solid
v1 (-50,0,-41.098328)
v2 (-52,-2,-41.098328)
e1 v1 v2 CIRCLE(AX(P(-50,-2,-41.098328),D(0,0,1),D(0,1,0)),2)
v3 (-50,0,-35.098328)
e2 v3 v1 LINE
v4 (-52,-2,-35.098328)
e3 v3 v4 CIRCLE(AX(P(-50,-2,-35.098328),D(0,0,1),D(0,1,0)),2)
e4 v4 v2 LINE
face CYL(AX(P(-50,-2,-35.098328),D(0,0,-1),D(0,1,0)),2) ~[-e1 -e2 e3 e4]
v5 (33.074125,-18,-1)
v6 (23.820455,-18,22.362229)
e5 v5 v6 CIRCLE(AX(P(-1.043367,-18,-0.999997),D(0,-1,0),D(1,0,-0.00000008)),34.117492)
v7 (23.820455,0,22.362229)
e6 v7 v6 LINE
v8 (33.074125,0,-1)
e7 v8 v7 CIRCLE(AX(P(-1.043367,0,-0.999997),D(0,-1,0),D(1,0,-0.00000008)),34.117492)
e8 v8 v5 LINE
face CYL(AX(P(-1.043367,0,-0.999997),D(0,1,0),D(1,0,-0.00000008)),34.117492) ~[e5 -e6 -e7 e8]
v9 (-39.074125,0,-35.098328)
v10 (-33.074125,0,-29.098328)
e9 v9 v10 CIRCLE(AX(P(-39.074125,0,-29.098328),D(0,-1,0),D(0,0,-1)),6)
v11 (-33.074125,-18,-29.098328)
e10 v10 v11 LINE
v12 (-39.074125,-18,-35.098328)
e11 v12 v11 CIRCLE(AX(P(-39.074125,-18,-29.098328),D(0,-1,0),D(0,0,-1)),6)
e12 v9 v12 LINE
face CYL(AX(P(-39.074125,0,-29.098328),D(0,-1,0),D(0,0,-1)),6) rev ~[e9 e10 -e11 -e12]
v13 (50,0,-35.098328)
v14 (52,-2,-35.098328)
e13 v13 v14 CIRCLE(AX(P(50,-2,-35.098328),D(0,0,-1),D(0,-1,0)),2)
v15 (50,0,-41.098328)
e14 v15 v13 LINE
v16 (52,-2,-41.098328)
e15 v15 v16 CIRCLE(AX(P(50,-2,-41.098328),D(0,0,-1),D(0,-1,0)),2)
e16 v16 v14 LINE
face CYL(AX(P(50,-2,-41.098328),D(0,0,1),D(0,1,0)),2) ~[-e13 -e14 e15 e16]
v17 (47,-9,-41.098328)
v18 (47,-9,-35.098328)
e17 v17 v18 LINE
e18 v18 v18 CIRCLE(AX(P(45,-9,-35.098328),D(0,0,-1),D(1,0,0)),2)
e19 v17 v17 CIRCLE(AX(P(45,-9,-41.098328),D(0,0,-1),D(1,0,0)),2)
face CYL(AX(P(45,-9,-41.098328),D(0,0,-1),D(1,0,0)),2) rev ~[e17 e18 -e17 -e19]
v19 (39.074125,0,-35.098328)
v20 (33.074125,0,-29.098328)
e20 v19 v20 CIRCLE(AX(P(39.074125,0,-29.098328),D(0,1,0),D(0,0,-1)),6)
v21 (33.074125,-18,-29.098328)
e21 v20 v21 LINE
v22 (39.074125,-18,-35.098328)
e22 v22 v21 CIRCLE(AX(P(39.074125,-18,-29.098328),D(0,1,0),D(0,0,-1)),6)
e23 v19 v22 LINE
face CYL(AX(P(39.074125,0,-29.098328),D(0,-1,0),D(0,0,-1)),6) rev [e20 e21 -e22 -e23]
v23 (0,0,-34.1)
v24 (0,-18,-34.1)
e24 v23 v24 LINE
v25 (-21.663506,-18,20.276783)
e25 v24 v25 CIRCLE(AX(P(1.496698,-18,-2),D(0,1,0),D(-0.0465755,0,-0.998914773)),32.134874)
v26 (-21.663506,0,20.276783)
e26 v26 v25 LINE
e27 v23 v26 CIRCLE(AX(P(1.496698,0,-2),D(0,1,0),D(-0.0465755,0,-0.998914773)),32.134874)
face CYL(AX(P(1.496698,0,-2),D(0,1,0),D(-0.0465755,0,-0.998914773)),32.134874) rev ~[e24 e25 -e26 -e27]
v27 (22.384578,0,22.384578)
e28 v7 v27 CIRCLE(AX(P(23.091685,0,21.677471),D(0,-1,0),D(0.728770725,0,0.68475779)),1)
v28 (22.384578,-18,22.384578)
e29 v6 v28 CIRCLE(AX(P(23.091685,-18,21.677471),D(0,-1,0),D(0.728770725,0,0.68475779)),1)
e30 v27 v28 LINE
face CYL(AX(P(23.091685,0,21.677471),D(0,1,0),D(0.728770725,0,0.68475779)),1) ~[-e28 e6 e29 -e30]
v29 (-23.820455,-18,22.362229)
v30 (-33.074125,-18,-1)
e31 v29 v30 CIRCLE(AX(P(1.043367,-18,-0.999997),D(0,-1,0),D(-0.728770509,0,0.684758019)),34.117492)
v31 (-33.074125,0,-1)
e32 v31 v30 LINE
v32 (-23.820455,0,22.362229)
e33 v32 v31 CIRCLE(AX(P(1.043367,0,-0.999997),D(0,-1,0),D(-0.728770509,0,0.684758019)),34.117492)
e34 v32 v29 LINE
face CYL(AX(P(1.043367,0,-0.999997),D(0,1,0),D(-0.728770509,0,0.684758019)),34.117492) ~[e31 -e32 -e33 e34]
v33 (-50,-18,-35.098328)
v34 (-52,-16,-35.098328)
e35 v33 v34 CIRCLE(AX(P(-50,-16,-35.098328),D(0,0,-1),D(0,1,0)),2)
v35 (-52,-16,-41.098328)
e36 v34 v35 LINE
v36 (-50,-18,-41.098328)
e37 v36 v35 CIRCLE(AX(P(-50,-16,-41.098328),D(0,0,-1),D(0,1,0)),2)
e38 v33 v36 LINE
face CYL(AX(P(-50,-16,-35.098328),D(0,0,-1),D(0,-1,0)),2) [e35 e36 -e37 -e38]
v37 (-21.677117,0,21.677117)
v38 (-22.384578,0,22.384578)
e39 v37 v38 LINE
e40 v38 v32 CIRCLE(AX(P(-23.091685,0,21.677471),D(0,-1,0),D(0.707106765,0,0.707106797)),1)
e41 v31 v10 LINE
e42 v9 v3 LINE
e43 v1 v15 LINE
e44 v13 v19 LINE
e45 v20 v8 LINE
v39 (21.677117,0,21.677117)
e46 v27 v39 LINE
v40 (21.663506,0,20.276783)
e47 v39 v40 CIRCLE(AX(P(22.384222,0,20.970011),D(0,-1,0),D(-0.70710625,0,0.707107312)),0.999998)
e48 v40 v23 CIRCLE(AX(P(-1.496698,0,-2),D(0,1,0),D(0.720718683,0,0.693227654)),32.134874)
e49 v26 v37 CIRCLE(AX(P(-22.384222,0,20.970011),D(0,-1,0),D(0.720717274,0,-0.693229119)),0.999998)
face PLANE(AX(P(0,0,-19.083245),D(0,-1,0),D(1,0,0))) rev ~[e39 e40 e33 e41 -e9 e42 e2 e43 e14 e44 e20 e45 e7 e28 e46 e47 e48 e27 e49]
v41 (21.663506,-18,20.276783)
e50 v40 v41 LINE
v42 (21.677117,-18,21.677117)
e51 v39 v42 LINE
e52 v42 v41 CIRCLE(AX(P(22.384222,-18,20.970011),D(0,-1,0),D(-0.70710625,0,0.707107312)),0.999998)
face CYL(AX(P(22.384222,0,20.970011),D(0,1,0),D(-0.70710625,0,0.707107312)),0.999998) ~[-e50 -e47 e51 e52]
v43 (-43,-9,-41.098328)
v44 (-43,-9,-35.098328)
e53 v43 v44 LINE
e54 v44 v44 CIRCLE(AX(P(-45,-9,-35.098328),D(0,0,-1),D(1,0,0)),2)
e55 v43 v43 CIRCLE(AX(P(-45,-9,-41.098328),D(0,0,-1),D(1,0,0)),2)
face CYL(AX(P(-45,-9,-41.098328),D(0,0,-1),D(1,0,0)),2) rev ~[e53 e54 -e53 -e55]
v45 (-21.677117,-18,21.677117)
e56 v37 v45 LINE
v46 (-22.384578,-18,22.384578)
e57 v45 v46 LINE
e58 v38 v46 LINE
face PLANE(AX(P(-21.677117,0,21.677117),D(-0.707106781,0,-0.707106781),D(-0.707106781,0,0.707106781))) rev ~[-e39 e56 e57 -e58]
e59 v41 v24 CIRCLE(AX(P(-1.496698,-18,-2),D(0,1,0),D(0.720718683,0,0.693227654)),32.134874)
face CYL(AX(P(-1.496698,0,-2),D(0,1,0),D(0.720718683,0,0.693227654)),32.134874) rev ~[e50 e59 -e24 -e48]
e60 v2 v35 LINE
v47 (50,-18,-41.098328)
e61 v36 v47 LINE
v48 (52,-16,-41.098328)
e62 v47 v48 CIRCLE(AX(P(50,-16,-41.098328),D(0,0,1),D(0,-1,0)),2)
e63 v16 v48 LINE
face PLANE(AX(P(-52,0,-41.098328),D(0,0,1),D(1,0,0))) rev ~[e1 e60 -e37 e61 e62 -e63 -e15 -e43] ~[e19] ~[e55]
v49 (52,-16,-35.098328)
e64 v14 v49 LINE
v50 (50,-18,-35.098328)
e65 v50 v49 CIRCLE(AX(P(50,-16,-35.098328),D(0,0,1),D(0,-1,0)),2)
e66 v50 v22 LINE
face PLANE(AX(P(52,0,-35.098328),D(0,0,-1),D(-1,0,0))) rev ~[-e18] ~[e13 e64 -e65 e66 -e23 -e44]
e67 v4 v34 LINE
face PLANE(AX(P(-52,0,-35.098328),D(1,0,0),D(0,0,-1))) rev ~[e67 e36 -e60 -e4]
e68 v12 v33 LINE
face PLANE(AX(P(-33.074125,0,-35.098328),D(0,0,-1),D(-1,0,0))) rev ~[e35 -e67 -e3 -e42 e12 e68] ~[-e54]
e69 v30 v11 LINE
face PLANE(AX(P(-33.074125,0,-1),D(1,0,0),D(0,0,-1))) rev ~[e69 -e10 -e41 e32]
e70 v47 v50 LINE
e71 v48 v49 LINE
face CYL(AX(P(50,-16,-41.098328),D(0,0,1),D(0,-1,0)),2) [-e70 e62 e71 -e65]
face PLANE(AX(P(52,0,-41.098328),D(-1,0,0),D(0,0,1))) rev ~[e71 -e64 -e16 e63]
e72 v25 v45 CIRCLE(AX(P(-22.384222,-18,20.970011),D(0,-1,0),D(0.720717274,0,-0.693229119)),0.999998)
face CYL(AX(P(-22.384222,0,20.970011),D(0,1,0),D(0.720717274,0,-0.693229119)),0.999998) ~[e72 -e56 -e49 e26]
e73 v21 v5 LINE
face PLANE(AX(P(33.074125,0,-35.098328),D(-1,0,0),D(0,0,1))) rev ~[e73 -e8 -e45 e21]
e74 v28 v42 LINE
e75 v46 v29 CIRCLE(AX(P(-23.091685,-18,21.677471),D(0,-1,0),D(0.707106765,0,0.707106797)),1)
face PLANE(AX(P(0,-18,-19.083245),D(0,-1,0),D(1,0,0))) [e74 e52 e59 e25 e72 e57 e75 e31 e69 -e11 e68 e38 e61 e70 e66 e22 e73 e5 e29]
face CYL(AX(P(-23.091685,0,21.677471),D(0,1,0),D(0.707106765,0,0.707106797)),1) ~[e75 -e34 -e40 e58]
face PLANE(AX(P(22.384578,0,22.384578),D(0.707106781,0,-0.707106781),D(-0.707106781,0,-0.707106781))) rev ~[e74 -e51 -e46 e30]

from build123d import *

# Parameters (mm, degrees)
F1_DEPTH = 18
F2_R     = 2
F3_DEPTH = 6
F4_R     = 2
F5_R     = 6


with BuildPart() as f1:
    # F0 (on Front) → F1 (new body)
    with BuildSketch(Plane.XZ):
        with BuildLine():
            ThreePointArc((21.663506, 20.276783), (28.356264, -13.893308), (0, -34.1))
            ThreePointArc((0, -34.1), (-28.356264, -13.893308), (-21.663506, 20.276783))
            ThreePointArc((-21.663506, 20.276783), (-21.384271, 20.979731), (-21.677117, 21.677117))
            Line((-21.677117, 21.677117), (-22.384578, 22.384578))
            ThreePointArc((-22.384578, 22.384578), (-23.107247, 22.67735), (-23.820455, 22.362229))
            ThreePointArc((-23.820455, 22.362229), (-30.676458, 11.564077), (-33.074125, -1))
            Line((-33.074125, -1), (-33.074125, -35.098328))
            Line((-33.074125, -35.098328), (-52, -35.098328))
            Line((-52, -35.098328), (-52, -41.098328))
            Line((-52, -41.098328), (0, -41.098328))
            Line((0, -41.098328), (52, -41.098328))
            Line((52, -41.098328), (52, -35.098328))
            Line((52, -35.098328), (33.074125, -35.098328))
            Line((33.074125, -35.098328), (33.074125, -1))
            ThreePointArc((33.074125, -1), (30.676458, 11.564077), (23.820455, 22.362229))
            ThreePointArc((23.820455, 22.362229), (23.107247, 22.67735), (22.384578, 22.384578))
            Line((22.384578, 22.384578), (21.677117, 21.677117))
            ThreePointArc((21.677117, 21.677117), (21.384271, 20.979731), (21.663506, 20.276783))
        make_face()
    extrude(amount=F1_DEPTH)

    # F2 (on face) → F3 (cut, through all)
    with BuildSketch(Plane(origin=(0, 0, -41.098328), x_dir=(1, 0, 0), z_dir=(0, 0, -1))):
        with Locations((-45, 9)):
            Circle(F2_R)
        with Locations((45, 9)):
            Circle(F2_R)
    extrude(amount=-F3_DEPTH, mode=Mode.SUBTRACT)

    # F4
    f4_edges = [f1.edges().sort_by_distance(p)[0] for p in [
        (-52, 0, -38.098328),
        (-52, -18, -38.098328),
        (52, -18, -38.098328),
        (52, 0, -38.098328),
    ]]
    fillet(f4_edges, radius=F4_R)

    # F5
    f5_edges = [f1.edges().sort_by_distance(p)[0] for p in [
        (-33.074125, -9, -35.098328),
        (33.074125, -9, -35.098328),
    ]]
    fillet(f5_edges, radius=F5_R)


solid = f1.part
